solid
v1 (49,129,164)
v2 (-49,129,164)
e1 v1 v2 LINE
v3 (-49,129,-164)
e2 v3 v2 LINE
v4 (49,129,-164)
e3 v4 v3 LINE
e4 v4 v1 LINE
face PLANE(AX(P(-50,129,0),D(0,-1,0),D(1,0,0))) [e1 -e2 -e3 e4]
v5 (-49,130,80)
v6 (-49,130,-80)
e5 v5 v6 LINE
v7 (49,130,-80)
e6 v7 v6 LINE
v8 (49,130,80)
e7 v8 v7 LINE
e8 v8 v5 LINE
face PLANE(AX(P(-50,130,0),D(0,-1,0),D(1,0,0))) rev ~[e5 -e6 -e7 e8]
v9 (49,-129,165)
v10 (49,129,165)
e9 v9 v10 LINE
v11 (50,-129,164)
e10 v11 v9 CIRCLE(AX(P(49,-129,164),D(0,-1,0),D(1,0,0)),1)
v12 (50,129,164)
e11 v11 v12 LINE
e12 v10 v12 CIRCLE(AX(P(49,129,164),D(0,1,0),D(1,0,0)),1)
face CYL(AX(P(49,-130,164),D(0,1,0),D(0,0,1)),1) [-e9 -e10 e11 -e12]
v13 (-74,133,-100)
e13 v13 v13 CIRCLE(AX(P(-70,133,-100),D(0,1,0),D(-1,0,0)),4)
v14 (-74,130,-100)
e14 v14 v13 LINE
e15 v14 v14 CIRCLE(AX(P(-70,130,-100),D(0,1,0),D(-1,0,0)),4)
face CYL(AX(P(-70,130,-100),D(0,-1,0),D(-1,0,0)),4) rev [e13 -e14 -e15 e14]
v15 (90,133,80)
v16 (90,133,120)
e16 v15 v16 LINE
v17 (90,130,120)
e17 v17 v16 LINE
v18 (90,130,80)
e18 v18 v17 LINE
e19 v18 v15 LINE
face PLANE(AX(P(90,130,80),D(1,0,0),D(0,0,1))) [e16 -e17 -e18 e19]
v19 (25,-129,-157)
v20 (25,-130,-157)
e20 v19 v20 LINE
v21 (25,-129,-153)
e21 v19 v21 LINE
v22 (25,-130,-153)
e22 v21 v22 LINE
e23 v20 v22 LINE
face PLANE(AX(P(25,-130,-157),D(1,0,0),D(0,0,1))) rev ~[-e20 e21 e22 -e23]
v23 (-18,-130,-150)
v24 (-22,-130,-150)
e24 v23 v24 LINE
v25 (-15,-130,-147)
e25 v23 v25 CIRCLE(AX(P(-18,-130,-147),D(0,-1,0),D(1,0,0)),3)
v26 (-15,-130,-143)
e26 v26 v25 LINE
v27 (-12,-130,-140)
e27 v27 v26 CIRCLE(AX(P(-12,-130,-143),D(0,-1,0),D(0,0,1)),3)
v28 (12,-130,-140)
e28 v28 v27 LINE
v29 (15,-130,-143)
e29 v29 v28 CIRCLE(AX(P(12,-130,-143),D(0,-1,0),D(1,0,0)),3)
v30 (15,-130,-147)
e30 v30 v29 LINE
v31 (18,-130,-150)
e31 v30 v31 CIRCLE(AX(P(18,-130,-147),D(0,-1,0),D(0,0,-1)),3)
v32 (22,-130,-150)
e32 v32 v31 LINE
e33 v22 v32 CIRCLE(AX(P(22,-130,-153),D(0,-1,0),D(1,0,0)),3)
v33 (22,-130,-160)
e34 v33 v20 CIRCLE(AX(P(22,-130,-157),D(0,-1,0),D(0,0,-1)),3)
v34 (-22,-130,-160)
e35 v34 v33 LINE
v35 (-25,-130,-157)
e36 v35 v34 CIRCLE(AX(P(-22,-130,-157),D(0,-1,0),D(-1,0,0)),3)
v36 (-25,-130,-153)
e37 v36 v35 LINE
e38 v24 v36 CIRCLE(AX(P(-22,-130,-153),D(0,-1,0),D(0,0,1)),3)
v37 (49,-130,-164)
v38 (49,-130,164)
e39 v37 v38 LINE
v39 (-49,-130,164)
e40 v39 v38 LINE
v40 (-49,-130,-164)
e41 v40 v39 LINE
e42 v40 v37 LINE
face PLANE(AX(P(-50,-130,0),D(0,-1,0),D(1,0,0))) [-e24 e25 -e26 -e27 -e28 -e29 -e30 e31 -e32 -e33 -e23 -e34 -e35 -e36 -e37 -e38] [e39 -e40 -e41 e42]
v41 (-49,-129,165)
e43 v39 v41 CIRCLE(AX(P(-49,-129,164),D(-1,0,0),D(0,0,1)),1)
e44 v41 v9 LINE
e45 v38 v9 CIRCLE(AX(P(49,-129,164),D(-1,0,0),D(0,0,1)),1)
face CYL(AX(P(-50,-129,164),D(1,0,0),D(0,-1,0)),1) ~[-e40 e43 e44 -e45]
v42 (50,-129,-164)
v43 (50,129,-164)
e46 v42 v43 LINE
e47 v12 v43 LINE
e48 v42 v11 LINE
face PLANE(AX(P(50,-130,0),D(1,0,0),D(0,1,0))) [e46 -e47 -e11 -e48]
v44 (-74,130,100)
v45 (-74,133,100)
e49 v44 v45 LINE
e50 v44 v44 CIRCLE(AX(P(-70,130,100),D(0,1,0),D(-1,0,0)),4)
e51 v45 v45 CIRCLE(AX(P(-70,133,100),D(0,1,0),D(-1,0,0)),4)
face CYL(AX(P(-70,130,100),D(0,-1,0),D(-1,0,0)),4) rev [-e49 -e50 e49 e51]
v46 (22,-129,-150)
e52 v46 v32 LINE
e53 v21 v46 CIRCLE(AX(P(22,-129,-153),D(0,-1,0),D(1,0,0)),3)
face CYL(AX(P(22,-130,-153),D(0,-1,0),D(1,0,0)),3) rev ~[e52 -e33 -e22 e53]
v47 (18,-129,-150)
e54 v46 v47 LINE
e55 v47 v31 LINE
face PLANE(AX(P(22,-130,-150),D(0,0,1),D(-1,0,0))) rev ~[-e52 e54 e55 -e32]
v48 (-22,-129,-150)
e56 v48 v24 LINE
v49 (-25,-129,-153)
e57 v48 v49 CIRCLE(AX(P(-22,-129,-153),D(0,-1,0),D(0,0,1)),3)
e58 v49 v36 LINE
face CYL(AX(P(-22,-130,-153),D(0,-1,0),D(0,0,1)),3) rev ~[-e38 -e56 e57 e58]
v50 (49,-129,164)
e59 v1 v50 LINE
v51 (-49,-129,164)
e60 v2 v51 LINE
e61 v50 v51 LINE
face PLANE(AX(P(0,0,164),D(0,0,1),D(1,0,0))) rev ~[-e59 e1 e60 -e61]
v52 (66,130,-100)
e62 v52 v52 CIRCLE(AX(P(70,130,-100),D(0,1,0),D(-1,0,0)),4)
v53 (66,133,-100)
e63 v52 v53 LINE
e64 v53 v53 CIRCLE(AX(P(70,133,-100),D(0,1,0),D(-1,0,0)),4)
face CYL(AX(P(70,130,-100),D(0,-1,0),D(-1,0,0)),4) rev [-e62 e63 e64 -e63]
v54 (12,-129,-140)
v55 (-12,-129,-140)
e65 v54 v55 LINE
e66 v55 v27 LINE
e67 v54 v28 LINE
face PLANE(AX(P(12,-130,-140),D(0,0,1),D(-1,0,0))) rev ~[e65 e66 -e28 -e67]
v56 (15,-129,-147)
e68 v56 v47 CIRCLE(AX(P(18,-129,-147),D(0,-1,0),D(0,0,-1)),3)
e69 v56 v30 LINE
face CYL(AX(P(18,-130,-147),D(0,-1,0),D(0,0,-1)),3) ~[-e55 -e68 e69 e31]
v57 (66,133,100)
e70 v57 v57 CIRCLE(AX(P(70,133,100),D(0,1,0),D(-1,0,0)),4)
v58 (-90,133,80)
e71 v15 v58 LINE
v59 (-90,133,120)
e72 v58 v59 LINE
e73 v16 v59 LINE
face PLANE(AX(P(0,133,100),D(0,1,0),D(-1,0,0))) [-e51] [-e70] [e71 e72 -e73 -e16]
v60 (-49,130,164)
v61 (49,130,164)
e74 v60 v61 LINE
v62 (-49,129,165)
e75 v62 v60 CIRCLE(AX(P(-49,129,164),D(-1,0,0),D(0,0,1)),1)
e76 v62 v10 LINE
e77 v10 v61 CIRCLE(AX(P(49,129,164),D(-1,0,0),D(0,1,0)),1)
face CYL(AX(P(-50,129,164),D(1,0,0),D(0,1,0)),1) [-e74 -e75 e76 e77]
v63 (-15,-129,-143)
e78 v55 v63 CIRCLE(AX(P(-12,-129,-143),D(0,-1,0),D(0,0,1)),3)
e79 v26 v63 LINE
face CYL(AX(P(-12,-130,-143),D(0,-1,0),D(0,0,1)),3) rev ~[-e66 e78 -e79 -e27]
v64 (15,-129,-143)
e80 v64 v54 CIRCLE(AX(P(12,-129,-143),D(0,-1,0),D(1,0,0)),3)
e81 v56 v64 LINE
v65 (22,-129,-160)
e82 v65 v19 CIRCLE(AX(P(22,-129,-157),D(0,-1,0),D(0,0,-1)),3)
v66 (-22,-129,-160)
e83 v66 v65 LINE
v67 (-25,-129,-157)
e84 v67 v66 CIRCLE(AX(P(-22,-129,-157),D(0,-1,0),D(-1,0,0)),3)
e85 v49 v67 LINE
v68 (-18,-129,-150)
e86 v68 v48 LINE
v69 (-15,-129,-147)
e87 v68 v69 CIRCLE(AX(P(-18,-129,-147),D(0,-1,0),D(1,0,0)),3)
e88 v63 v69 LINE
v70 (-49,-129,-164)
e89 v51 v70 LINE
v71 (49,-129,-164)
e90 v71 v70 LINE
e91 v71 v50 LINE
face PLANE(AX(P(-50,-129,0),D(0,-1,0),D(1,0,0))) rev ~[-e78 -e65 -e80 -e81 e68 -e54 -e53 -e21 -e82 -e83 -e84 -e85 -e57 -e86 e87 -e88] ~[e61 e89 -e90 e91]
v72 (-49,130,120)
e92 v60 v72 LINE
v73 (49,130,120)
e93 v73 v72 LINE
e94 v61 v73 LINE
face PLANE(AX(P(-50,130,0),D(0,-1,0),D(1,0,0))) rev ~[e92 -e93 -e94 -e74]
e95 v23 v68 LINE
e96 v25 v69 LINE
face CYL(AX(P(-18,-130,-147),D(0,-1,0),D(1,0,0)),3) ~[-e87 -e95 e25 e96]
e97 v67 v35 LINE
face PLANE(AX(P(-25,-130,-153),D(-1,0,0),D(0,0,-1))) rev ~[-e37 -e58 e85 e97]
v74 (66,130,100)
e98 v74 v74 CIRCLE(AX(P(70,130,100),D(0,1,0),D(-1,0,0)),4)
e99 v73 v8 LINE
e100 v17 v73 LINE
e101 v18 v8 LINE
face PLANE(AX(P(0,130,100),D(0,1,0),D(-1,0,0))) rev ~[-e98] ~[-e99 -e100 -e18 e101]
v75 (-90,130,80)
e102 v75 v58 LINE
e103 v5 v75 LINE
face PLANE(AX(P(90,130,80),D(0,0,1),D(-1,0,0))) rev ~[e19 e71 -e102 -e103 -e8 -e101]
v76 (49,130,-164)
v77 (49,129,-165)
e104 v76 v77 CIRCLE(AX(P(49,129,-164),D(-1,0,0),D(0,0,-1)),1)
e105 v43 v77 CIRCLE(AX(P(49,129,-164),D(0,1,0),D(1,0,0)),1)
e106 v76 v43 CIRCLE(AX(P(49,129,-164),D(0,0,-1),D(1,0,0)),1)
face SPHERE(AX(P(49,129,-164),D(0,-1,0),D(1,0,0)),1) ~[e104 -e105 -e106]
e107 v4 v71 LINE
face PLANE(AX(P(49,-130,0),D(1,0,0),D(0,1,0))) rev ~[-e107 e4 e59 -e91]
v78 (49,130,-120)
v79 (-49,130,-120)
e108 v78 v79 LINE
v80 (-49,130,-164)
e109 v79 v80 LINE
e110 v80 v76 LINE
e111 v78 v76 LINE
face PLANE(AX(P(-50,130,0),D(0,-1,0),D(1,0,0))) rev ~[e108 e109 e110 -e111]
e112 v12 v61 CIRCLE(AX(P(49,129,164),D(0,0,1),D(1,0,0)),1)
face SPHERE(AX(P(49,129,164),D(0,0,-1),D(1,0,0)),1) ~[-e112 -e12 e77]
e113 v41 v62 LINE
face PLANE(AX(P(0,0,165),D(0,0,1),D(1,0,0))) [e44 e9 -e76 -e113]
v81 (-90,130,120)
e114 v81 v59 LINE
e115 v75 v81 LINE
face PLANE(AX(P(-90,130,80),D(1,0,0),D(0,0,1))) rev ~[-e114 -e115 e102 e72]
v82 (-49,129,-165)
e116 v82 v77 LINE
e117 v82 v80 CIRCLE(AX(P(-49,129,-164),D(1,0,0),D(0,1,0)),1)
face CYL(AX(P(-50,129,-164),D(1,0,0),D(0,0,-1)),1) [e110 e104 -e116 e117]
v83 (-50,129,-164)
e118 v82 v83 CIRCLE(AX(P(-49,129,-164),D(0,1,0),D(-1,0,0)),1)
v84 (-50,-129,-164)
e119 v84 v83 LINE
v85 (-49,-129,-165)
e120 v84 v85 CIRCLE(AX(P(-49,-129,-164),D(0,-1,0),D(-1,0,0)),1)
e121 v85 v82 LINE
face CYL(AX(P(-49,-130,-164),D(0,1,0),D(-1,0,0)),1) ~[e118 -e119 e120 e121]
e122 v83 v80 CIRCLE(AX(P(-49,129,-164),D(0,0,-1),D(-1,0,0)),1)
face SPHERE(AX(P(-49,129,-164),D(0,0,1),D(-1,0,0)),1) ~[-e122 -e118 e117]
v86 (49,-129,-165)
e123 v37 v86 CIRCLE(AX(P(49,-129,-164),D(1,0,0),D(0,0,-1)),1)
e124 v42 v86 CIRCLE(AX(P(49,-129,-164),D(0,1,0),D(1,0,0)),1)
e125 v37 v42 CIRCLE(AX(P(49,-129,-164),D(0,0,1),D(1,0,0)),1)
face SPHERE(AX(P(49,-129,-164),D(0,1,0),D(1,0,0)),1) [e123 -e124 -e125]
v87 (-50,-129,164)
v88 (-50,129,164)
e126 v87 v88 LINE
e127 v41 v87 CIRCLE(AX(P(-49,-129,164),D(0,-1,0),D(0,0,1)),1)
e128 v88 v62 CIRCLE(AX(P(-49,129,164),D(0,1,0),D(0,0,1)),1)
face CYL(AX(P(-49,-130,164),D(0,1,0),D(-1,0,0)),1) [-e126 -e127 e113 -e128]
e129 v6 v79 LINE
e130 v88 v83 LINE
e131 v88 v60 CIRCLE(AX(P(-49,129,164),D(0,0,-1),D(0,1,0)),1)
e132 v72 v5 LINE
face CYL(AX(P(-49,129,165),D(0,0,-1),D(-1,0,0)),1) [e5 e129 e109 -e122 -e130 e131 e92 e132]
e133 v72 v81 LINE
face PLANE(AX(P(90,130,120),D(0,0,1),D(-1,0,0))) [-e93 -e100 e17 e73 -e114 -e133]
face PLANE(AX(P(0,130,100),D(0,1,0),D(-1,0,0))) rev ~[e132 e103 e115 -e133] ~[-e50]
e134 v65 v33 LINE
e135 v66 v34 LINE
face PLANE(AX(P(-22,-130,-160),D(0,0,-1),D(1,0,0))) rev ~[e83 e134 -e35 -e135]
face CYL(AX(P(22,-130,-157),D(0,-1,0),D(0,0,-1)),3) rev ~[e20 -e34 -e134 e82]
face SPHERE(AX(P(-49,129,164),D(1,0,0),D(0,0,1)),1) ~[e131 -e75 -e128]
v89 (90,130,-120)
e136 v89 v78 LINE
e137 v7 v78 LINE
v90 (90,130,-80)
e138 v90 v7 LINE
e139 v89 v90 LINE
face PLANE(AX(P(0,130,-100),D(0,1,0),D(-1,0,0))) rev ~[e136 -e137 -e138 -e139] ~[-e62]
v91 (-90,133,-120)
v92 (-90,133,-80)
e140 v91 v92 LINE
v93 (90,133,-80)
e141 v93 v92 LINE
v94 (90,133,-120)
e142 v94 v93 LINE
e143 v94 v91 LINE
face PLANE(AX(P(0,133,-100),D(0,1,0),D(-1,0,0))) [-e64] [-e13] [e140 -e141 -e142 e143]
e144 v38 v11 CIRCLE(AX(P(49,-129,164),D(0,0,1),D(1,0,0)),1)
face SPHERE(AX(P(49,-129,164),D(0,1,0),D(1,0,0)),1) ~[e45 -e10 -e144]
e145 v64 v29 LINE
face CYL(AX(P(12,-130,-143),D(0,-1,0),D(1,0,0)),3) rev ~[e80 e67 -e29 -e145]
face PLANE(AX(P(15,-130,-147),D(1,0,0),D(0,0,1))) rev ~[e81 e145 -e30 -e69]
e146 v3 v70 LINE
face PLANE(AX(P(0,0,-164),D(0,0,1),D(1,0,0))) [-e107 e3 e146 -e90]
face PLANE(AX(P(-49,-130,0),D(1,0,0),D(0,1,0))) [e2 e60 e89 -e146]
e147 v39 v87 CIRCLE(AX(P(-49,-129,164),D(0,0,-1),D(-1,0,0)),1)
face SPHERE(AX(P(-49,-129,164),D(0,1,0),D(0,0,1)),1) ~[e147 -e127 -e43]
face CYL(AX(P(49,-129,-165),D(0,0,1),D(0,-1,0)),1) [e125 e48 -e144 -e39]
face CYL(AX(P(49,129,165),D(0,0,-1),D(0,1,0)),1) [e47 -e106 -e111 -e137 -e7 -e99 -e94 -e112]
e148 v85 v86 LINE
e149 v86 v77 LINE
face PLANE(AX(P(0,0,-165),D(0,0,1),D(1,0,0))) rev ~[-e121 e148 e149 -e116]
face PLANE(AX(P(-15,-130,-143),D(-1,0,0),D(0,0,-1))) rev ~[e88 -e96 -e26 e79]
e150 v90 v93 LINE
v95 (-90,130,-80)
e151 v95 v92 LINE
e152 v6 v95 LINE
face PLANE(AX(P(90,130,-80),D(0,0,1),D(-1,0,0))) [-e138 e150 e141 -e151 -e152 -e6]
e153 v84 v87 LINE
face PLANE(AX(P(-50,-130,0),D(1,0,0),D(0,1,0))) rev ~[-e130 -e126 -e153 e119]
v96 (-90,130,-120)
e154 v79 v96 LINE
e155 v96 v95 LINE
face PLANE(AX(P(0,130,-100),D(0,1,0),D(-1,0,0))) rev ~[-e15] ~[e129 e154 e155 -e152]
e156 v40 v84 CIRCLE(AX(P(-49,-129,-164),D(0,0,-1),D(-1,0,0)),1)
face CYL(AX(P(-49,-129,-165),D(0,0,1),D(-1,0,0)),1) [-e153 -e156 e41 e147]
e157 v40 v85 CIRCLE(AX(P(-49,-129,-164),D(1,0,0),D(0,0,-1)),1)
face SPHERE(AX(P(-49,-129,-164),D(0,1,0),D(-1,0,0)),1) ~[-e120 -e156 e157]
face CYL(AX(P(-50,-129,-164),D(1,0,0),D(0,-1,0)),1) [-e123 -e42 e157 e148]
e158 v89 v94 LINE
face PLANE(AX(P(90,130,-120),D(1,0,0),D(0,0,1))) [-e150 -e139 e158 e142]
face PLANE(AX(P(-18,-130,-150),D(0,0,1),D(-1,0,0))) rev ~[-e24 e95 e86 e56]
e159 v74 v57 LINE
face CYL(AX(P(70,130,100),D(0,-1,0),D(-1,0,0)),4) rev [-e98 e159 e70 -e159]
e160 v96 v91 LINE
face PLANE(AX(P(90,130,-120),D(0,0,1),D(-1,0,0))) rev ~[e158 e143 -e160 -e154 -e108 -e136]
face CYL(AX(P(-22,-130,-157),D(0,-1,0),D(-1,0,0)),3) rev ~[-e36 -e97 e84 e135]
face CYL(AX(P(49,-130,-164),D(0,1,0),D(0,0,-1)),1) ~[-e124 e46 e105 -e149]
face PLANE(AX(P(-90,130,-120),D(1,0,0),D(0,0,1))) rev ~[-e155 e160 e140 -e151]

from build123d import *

# Parameters (mm, degrees)
F0_W     = 100
F0_H     = 260
F1_DEPTH = 165
F2_T     = -1
F4_DEPTH = 220
F5_R     = 1
F6_W     = 180
F6_H     = 40
F6_R     = 4
F7_DEPTH = 3


with BuildPart() as f1:
    # F0 (on Top) → F1 (new body, symmetric)
    with BuildSketch(Plane.XY):
        Rectangle(F0_W, F0_H)
    extrude(amount=F1_DEPTH, both=True)

    # F2 (hollow: no face is removed)
    offset(amount=F2_T, mode=Mode.SUBTRACT)

    # F3 (on face) → F4 (cut, symmetric)
    with BuildSketch(Plane.XZ.offset(130)):
        with BuildLine():
            Line((-18, -150), (-22, -150))
            ThreePointArc((-22, -150), (-24.1213203436, -150.8786796564), (-25, -153))
            Line((-25, -153), (-25, -157))
            ThreePointArc((-25, -157), (-24.1213203436, -159.1213203436), (-22, -160))
            Line((-22, -160), (22, -160))
            ThreePointArc((22, -160), (24.1213203436, -159.1213203436), (25, -157))
            Line((25, -157), (25, -153))
            ThreePointArc((25, -153), (24.1213203436, -150.8786796564), (22, -150))
            Line((22, -150), (18, -150))
            ThreePointArc((18, -150), (15.8786796564, -149.1213203436), (15, -147))
            Line((15, -147), (15, -143))
            ThreePointArc((15, -143), (14.1213203436, -140.8786796564), (12, -140))
            Line((12, -140), (-12, -140))
            ThreePointArc((-12, -140), (-14.1213203436, -140.8786796564), (-15, -143))
            Line((-15, -143), (-15, -147))
            ThreePointArc((-15, -147), (-15.8786796564, -149.1213203436), (-18, -150))
        make_face()
    extrude(amount=F4_DEPTH, both=True, mode=Mode.SUBTRACT)

    # F5
    f5_edges = [f1.edges().sort_by_distance(p)[0] for p in [
        (50, 0, -165),
        (50, 130, 0),
        (50, 0, 165),
        (50, -130, 0),
        (0, 130, 165),
        (-50, 0, 165),
        (0, -130, 165),
        (-50, 130, 0),
        (-50, 0, -165),
        (-50, -130, 0),
        (0, 130, -165),
        (0, -130, -165),
    ]]
    fillet(f5_edges, radius=F5_R)

    # F6 (on face) → F7 (join)
    with BuildSketch(Plane(origin=(0, 130, 0), x_dir=(-1, 0, 0), z_dir=(0, 1, 0))):
        with Locations((0, 100)):
            Rectangle(F6_W, F6_H)
        with Locations((-70, 100)):
            Circle(F6_R, mode=Mode.SUBTRACT)
        with Locations((70, 100)):
            Circle(F6_R, mode=Mode.SUBTRACT)
        with Locations((0, -100)):
            Rectangle(F6_W, F6_H)
        with Locations((-70, -100)):
            Circle(F6_R, mode=Mode.SUBTRACT)
        with Locations((70, -100)):
            Circle(F6_R, mode=Mode.SUBTRACT)
    extrude(amount=F7_DEPTH)


solid = f1.part
